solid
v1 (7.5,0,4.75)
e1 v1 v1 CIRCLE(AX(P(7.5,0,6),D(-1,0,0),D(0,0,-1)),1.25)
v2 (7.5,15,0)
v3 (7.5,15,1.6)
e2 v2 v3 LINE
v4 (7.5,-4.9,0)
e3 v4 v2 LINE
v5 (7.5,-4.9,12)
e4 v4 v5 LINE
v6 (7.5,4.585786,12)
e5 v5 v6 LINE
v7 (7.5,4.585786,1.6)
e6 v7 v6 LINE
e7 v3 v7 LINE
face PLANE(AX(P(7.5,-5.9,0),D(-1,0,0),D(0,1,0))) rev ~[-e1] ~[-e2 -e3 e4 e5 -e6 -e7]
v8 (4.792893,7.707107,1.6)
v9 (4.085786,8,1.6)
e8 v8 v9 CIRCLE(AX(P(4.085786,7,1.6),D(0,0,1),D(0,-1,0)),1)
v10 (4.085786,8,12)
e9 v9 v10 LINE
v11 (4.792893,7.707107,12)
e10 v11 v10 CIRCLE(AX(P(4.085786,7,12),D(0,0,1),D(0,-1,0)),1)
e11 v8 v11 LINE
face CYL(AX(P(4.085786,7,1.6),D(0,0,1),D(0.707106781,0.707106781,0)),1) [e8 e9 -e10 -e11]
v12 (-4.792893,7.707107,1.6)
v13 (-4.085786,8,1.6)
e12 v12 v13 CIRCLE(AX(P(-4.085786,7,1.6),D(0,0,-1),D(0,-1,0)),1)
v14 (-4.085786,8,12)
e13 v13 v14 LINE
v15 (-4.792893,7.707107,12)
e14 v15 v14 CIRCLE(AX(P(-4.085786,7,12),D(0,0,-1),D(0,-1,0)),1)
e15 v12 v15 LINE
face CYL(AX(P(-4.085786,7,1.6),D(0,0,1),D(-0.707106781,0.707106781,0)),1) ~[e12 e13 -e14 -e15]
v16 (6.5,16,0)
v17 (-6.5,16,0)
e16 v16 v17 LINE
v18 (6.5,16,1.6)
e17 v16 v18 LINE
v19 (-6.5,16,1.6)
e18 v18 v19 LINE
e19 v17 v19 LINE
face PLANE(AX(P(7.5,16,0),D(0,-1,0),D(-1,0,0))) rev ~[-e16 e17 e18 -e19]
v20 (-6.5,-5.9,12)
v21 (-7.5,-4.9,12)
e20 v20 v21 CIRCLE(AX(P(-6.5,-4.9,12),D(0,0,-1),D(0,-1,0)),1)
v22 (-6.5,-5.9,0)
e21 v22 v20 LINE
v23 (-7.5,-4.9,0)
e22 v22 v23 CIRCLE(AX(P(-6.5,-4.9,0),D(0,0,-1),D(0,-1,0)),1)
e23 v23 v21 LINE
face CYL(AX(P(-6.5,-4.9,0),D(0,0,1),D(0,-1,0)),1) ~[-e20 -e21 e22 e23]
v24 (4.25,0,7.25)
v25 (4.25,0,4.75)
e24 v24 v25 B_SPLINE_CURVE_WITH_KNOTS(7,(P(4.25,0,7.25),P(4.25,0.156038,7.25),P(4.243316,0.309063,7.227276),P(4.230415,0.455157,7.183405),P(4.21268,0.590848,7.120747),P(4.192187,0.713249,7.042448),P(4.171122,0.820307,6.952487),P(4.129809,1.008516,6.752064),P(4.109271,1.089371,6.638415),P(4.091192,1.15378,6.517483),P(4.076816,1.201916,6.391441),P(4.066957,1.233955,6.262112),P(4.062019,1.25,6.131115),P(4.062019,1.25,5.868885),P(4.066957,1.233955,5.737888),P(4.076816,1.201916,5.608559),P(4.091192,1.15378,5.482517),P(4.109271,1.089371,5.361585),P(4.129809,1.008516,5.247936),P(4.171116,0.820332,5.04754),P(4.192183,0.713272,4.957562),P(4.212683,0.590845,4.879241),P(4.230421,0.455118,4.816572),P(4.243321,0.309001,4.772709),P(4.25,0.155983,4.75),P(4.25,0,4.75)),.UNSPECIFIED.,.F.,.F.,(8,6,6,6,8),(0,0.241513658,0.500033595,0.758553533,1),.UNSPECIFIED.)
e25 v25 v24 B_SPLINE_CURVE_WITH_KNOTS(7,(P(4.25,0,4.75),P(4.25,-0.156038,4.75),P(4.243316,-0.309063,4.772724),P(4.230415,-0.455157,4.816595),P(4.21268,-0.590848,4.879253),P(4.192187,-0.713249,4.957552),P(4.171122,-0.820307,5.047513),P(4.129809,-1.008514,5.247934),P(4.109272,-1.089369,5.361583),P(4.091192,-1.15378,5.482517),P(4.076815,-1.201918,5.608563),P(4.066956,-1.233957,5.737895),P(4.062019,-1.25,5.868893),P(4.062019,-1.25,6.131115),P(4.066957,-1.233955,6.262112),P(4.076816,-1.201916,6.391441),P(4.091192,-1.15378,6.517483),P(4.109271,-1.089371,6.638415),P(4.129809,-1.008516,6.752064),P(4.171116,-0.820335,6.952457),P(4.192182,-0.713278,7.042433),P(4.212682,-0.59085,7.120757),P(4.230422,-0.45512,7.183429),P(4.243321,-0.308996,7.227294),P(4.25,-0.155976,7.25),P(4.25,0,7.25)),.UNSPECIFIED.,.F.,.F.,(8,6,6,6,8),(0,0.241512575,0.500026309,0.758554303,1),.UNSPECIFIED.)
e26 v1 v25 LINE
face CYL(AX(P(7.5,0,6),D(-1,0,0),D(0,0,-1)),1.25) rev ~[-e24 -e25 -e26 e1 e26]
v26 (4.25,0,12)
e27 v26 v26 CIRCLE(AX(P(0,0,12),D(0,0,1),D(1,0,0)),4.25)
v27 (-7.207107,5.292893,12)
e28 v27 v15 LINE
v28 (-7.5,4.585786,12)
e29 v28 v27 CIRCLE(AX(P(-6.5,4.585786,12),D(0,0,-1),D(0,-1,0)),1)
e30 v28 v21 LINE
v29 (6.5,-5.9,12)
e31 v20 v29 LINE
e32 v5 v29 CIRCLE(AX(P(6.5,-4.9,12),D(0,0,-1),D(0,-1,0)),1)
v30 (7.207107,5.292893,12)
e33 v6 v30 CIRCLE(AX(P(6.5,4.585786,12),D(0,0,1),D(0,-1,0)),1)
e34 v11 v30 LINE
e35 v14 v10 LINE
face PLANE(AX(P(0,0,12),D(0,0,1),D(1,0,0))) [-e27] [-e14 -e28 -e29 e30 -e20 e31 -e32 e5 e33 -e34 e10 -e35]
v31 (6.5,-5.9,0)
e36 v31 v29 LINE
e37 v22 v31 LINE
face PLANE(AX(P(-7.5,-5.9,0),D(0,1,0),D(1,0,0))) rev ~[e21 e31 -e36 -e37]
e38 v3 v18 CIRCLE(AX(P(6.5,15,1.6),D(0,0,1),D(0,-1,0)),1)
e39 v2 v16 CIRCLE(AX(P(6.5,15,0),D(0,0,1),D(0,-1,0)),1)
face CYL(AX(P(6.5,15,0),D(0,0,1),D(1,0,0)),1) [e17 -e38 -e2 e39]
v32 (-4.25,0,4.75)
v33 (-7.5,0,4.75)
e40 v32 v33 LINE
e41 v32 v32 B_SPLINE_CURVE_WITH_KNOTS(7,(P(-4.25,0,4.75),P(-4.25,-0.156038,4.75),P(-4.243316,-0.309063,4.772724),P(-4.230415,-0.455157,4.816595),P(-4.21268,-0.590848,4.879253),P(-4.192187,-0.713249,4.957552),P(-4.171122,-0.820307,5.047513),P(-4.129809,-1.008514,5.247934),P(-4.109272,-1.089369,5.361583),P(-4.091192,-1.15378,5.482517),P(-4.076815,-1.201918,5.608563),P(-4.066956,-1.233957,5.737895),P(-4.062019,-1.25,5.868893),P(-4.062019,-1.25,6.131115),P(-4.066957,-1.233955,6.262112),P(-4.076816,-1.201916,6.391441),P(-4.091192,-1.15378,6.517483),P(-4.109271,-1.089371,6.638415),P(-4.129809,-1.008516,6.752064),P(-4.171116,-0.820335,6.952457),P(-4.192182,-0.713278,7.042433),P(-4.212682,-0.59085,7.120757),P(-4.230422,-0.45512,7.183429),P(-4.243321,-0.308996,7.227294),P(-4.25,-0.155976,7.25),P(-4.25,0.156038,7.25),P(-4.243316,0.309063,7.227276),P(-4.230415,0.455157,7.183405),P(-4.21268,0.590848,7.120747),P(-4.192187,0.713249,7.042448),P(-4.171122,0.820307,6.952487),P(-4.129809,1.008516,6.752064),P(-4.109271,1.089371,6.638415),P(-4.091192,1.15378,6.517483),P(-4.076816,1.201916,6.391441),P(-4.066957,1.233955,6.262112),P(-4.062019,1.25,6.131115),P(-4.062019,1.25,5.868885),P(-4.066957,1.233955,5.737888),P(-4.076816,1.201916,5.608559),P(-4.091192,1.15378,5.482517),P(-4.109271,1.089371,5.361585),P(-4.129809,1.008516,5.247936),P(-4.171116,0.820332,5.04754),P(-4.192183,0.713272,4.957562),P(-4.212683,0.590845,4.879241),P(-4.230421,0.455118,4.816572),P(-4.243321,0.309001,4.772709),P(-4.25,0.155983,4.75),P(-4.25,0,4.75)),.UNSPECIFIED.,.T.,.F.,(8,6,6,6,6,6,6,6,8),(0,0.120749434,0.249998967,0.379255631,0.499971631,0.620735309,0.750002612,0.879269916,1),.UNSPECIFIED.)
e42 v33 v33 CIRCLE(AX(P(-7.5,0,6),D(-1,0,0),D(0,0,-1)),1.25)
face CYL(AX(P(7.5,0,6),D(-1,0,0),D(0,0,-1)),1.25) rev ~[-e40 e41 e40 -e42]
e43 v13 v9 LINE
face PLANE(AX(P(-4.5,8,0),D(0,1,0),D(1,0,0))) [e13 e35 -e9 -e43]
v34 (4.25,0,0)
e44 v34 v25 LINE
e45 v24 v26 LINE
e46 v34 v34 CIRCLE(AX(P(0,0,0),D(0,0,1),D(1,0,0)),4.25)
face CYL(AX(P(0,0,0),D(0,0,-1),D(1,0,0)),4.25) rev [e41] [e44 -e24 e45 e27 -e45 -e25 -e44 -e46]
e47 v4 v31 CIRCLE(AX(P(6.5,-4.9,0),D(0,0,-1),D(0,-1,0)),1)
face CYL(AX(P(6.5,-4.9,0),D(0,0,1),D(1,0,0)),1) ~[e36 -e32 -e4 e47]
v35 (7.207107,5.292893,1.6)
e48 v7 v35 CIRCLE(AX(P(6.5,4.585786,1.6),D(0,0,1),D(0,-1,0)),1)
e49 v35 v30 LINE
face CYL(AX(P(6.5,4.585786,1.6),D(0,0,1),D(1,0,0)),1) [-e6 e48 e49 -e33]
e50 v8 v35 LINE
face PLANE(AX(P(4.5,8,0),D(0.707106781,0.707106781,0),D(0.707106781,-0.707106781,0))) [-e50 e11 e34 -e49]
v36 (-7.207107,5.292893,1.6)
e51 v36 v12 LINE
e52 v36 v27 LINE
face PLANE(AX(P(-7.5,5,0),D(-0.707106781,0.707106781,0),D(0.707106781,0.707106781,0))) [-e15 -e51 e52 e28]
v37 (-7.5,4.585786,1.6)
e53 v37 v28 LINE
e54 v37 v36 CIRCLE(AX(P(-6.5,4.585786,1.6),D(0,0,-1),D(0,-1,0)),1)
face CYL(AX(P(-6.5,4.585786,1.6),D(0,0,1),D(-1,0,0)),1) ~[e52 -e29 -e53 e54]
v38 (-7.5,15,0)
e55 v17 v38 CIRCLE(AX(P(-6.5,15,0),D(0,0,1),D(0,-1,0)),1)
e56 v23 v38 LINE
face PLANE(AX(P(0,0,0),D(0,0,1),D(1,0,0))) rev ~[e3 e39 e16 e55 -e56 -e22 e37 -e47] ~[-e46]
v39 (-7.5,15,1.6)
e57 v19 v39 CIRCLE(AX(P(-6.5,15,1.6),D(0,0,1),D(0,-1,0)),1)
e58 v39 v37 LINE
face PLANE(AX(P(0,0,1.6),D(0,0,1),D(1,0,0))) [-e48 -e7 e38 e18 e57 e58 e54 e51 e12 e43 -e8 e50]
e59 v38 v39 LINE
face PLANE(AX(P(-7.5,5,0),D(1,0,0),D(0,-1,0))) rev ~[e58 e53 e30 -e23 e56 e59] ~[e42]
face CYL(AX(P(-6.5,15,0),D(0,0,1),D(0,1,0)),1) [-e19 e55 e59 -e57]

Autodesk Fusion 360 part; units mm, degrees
sketch "スケッチ1" plane through (0, 0, 0) normal (0, 0, 1) x (1, 0, 0)
  line L0 (7.5, 16) -> (-7.5, 16)
  line L1 (-7.5, 16) -> (-7.5, -5.9)
  line L2 (-7.5, -5.9) -> (7.5, -5.9)
  line L3 (7.5, -5.9) -> (7.5, 16)
  line L4 (7.5, 16) -> (-7.5, -5.9) construction
  line L5 (-7.5, 16) -> (7.5, -5.9) construction
  circle A0 centre (0, 0) radius 4.25
  line L6 (-7.5, 5) -> (-4.5, 8)
  line L7 (-4.5, 8) -> (4.5, 8)
  line L8 (4.5, 8) -> (7.5, 5)
  point P0 (0, 5.05)
  dimension "d1" = 15
  dimension "d2" = 21.9
  dimension "d3" = 8.5
  dimension "d4" = 5.9
  dimension "d5" = 13.9
  dimension "d6" = 45
  dimension "d7" = 45
  dimension "d8" = 3
  dimension "d9" = 3
extrude "押し出し1" add sketch "スケッチ1" along normal blind 12 contours L1 L2 L3 L6 L7 L8
extrude "押し出し2" add sketch "スケッチ1" along normal blind 1.6 contours L0 L1 L3 L6 L7 L8
hole "穴1" at (7.5, 0, 6) direction (-1, 0, 0) diameter 2.5 depth 16 tip angle 118
fillet "フィレット1" radius 1 8 edges at (-7.5, -5.9, 6) (7.5, -5.9, 6) (7.5, 5, 6.8) (4.5, 8, 6.8) (-4.5, 8, 6.8) (-7.5, 5, 6.8) (-7.5, 16, 0.8) (7.5, 16, 0.8)
